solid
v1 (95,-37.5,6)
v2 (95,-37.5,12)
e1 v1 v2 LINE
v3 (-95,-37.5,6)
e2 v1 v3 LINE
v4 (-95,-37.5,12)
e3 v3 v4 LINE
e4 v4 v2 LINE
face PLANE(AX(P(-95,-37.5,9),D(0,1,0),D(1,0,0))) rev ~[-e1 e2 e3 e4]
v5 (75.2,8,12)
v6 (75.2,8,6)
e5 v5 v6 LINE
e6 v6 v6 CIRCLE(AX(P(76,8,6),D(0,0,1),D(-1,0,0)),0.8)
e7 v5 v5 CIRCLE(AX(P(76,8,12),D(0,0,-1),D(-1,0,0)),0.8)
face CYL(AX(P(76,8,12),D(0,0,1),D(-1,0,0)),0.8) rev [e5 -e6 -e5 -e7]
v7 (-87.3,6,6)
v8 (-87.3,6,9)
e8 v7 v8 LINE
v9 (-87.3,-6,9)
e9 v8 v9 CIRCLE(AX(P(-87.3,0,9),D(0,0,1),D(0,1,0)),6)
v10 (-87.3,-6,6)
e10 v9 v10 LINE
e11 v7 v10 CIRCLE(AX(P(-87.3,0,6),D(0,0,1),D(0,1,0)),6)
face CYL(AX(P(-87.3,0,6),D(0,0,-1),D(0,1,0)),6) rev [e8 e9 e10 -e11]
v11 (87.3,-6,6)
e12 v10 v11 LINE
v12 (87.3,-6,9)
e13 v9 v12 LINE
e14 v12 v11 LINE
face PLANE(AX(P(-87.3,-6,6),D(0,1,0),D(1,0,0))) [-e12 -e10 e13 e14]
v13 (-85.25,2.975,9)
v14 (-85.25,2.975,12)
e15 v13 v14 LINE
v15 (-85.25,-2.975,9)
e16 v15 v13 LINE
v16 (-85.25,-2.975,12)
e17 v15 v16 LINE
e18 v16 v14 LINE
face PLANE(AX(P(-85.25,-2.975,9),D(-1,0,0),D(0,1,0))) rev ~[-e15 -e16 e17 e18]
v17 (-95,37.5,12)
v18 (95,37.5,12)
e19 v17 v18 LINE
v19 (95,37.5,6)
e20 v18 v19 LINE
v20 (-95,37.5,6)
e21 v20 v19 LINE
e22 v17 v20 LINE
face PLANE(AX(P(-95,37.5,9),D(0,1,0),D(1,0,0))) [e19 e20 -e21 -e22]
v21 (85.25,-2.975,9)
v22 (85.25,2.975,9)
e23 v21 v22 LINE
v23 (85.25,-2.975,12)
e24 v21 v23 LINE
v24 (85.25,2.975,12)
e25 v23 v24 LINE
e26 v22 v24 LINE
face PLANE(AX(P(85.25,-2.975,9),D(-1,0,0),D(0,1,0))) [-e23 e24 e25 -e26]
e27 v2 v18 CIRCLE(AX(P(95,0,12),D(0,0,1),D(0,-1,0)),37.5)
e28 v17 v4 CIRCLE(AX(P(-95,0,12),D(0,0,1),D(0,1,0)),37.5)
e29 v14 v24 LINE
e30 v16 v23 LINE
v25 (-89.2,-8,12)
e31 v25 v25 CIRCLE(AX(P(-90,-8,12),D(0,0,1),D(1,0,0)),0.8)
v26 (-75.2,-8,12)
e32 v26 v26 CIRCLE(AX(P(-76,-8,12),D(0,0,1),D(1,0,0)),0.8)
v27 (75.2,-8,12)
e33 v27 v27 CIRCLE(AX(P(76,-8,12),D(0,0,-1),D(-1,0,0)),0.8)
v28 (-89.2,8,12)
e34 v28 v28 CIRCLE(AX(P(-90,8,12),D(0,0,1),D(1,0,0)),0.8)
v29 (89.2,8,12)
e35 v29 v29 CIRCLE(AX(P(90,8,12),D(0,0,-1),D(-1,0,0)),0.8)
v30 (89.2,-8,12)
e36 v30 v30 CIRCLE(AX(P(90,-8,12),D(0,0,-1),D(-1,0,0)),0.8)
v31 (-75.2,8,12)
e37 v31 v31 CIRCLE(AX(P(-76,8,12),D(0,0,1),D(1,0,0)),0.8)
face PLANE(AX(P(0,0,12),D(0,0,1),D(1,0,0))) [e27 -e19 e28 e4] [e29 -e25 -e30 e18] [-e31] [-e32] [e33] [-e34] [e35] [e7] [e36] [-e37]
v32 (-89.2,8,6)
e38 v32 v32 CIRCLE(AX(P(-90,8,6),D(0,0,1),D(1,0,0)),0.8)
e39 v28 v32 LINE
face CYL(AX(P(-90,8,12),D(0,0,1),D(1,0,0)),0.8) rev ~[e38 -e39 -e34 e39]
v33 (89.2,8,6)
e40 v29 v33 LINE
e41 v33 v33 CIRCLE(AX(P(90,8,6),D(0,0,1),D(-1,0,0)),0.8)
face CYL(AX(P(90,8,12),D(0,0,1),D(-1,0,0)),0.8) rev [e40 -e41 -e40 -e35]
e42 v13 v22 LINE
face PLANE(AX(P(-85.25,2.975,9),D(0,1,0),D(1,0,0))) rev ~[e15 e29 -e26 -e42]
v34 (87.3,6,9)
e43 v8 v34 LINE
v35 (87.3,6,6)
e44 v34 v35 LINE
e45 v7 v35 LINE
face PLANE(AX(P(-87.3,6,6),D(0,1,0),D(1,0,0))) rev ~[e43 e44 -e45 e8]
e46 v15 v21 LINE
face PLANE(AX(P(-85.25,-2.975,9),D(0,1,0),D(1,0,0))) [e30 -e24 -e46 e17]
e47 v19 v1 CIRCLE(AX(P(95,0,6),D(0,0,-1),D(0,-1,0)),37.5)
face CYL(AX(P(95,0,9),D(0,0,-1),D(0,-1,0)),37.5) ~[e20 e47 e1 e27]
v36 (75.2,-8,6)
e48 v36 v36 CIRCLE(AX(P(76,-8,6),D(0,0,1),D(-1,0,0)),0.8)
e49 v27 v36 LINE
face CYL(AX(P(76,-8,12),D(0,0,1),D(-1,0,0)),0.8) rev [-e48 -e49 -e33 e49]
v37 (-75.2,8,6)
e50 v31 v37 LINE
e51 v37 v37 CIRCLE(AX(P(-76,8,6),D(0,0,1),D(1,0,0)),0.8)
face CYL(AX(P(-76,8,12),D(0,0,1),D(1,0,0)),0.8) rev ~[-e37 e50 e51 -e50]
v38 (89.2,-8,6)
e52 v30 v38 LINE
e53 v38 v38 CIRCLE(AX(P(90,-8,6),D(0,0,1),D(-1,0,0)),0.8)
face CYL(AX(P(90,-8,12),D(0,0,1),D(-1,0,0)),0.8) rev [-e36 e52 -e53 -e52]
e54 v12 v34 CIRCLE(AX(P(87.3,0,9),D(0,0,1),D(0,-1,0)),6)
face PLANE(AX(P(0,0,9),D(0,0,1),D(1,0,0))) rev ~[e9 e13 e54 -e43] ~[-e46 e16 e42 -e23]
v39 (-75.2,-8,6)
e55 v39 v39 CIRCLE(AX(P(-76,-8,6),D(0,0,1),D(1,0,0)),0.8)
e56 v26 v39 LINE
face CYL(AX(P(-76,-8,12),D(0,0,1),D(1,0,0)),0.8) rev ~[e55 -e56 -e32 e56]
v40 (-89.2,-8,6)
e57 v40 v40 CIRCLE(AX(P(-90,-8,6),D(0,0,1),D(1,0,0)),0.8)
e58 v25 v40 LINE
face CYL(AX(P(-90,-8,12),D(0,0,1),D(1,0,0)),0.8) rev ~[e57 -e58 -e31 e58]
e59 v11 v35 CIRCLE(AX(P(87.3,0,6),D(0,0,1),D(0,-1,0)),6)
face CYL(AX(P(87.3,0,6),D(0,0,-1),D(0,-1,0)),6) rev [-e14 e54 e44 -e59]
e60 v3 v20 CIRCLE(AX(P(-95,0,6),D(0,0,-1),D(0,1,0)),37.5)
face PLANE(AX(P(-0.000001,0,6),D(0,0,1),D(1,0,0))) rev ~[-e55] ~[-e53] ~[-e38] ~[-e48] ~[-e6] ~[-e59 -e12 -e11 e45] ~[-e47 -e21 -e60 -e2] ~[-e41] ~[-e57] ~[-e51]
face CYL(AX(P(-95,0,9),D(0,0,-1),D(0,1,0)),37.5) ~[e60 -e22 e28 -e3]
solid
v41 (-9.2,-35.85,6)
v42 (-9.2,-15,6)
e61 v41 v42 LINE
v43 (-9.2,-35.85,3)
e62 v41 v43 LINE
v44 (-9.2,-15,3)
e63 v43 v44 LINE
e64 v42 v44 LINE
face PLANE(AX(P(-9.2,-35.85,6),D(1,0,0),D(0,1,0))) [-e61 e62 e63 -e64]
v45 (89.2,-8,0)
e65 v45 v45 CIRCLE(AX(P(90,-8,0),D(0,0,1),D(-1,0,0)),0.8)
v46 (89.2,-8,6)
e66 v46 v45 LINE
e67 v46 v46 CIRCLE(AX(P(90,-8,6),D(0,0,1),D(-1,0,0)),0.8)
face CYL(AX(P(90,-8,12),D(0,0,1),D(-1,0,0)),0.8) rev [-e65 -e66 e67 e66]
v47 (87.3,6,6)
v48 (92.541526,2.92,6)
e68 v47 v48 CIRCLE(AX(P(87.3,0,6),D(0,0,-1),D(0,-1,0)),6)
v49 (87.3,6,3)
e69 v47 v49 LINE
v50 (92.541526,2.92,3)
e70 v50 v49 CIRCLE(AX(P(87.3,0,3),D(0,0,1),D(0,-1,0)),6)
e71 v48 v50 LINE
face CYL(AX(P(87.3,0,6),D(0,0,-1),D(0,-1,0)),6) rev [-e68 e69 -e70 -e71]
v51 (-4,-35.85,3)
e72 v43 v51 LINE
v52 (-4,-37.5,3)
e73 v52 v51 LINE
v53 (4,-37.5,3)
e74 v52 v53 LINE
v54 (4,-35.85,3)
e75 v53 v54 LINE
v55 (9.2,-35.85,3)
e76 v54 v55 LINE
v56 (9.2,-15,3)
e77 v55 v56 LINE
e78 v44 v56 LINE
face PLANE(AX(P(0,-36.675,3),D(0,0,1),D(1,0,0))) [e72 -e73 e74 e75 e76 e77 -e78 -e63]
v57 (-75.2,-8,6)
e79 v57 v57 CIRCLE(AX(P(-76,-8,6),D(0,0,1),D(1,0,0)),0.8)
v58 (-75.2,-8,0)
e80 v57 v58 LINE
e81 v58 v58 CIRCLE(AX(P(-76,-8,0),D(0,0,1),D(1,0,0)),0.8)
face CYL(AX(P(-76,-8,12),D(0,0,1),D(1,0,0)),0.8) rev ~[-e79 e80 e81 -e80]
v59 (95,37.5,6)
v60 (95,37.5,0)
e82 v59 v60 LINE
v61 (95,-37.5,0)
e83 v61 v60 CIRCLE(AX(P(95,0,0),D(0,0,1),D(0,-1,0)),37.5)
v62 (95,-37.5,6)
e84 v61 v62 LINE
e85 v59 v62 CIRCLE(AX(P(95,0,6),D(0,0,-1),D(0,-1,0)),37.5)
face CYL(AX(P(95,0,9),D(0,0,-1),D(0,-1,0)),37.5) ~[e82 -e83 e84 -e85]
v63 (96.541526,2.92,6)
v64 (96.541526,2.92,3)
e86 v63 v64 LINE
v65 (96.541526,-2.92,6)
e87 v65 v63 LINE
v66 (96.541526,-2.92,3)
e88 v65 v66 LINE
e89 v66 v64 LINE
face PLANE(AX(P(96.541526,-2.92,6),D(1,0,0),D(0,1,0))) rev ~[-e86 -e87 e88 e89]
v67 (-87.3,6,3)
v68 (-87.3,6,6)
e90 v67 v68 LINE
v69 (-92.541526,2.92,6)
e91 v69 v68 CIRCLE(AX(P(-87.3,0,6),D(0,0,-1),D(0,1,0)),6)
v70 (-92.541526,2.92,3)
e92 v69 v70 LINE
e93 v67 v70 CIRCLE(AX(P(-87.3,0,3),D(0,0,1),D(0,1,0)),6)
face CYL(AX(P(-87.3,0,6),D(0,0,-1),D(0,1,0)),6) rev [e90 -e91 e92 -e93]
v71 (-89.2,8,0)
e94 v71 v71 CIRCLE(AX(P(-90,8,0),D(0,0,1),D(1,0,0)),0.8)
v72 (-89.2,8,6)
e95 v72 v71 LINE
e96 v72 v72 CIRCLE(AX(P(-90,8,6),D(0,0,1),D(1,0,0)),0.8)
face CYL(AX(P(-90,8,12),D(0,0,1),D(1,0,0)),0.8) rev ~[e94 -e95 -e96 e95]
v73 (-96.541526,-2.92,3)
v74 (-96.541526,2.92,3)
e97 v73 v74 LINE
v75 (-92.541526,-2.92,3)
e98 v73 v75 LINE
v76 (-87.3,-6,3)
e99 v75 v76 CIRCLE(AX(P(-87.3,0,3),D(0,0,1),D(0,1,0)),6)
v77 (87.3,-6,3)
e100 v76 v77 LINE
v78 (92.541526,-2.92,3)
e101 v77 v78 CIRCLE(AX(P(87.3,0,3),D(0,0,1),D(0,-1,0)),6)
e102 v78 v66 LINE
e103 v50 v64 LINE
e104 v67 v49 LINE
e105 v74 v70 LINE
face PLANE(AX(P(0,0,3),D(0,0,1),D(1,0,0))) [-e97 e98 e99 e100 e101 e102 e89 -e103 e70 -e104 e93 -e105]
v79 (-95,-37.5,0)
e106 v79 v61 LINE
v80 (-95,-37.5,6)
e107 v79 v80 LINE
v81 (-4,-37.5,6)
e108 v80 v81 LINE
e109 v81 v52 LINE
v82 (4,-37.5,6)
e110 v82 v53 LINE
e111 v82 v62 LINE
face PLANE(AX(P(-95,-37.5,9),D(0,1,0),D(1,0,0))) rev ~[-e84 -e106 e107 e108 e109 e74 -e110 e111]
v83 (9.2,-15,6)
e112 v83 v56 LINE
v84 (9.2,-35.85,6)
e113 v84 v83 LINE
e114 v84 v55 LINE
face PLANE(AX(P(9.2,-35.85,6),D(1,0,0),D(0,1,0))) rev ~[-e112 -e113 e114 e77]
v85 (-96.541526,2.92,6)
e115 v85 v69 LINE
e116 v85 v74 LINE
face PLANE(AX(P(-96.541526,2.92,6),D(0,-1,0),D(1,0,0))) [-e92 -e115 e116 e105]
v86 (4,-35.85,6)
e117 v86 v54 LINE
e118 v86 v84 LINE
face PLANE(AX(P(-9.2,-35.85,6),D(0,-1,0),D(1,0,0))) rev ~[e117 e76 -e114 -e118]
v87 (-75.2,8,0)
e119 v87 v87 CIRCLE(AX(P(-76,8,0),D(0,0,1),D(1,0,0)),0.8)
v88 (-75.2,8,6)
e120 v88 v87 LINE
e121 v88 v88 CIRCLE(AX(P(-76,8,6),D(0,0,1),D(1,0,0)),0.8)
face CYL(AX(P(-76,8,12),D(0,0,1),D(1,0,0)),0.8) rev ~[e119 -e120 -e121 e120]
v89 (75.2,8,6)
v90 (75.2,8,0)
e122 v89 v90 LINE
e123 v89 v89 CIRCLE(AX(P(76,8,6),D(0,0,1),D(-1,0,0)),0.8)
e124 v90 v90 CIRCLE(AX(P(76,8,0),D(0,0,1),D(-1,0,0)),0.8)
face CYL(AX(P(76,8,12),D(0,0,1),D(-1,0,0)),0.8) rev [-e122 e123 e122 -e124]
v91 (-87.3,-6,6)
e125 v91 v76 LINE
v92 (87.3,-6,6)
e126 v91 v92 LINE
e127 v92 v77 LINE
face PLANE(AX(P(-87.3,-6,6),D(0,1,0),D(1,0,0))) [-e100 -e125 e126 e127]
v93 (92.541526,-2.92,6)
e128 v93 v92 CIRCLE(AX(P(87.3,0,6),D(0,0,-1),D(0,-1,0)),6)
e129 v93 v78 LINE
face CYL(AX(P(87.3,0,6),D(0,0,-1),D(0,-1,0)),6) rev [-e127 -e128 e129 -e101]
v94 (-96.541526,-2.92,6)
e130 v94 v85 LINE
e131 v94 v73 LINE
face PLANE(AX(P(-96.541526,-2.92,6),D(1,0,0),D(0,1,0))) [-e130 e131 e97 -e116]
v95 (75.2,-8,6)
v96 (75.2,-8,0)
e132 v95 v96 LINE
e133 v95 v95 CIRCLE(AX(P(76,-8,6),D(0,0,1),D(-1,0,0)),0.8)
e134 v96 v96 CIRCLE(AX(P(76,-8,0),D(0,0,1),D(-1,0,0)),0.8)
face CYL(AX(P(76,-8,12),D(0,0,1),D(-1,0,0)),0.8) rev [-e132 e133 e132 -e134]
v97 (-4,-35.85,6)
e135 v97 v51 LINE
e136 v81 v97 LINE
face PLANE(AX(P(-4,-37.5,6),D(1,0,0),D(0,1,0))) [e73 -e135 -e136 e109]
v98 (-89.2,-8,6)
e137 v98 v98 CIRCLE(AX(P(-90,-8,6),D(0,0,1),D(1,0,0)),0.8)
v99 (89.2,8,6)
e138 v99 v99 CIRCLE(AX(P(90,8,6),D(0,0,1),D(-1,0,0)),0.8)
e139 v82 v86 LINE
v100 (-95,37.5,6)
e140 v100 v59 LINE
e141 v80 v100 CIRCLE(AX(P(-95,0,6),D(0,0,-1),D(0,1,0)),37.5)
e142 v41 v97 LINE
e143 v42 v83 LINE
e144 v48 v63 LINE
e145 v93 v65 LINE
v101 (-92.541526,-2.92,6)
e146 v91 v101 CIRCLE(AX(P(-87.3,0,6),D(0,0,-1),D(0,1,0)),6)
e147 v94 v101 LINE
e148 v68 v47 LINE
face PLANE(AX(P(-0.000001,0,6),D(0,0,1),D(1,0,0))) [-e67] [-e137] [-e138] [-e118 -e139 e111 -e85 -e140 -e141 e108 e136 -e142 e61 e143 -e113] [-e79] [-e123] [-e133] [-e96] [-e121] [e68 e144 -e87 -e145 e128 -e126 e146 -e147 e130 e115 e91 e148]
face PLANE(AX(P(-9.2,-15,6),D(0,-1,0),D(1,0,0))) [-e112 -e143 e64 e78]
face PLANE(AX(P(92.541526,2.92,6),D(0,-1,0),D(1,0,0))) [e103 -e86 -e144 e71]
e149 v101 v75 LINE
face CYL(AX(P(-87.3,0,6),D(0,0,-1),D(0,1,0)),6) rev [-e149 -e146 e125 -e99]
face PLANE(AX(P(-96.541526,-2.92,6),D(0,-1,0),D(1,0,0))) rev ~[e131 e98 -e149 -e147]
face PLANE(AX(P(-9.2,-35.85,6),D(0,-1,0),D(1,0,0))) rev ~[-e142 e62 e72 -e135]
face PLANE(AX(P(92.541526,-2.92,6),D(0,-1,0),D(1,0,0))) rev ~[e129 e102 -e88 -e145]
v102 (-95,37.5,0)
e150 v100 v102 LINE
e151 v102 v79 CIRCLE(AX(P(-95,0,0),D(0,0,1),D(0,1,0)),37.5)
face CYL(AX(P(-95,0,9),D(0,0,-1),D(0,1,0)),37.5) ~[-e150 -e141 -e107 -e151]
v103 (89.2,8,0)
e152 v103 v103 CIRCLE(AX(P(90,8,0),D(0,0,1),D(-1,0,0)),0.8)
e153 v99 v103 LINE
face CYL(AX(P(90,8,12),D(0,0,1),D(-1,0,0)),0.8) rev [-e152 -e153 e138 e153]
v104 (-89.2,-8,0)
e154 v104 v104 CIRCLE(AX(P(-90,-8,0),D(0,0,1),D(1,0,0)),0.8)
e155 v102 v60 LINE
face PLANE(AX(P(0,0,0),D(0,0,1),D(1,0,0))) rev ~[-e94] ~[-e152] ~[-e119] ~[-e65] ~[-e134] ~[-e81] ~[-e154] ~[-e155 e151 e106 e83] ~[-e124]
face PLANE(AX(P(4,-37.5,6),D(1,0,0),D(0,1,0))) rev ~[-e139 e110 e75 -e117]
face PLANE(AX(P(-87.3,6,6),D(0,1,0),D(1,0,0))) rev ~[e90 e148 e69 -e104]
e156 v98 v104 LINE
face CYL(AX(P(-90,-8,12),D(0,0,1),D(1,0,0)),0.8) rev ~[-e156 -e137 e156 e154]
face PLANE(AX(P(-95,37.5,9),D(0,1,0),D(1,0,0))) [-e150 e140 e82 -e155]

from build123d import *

# Parameters (mm, degrees)
BOX_BOTTOM_HALF_0_W     = 266.988319
BOX_BOTTOM_HALF_0_H     = 77
BOX_BOTTOM_HALF_0_DEPTH = 7
PAD_DEPTH               = 6
POCKET_DEPTH            = 3
SKETCH002_W             = 18.4
SKETCH002_H             = 20.85
POCKET001_DEPTH         = 3
SKETCH003_W             = 8
SKETCH003_H             = 1.65
POCKET002_DEPTH         = 3
PAD001_DEPTH            = 3
SKETCH005_W             = 170.5
SKETCH005_H             = 5.95
PAD002_DEPTH            = 3
SKETCH007_R             = 0.8
POCKET003_DEPTH         = 563.341185
SKETCH008_W             = 4
SKETCH008_H             = 5.84
POCKET004_DEPTH         = 3


with BuildPart() as box_bottom_half_0_body:
    # box_bottom_half_0 → box_bottom_half_0 (new body)
    with BuildSketch(Plane(origin=(-133.49416, -38.5, -1), x_dir=(1, 0, 0), z_dir=(0, 0, 1))):
        with Locations((133.494159, 38.5)):
            Rectangle(BOX_BOTTOM_HALF_0_W, BOX_BOTTOM_HALF_0_H)
    extrude(amount=BOX_BOTTOM_HALF_0_DEPTH)


with BuildPart() as body:
    # Sketch → Pad (new body)
    with BuildSketch(Plane.XY):
        with BuildLine():
            ThreePointArc((-95, 37.5), (-132.5, 0), (-95, -37.5))
            Line((-95, -37.5), (95, -37.5))
            ThreePointArc((95, -37.5), (132.5, 0), (95, 37.5))
            Line((-95, 37.5), (95, 37.5))
        make_face()
    extrude(amount=PAD_DEPTH)

    # Sketch001 (on Face6 of Pad) → Pocket (cut)
    with BuildSketch(Plane.XY.offset(6)):
        with BuildLine():
            ThreePointArc((-87.3, 6), (-93.3, 0), (-87.3, -6))
            Line((-87.3, -6), (87.3, -6))
            ThreePointArc((87.3, -6), (93.3, 0), (87.3, 6))
            Line((-87.3, 6), (87.3, 6))
        make_face()
    extrude(amount=-POCKET_DEPTH, mode=Mode.SUBTRACT)

    # Sketch002 (on Face5 of Pocket) → Pocket001 (cut)
    with BuildSketch(Plane.XY.offset(6)):
        with Locations((0, -25.425)):
            Rectangle(SKETCH002_W, SKETCH002_H)
    extrude(amount=-POCKET001_DEPTH, mode=Mode.SUBTRACT)

    # Sketch003 (on Face5 of Pocket001) → Pocket002 (cut)
    with BuildSketch(Plane.XY.offset(6)):
        with Locations((0, -36.675)):
            Rectangle(SKETCH003_W, SKETCH003_H)
    extrude(amount=-POCKET002_DEPTH, mode=Mode.SUBTRACT)

    # Sketch004 (on Face5 of Pocket002) → Pad001 (join)
    with BuildSketch(Plane.XY.offset(6)):
        with BuildLine():
            ThreePointArc((-95, 37.5), (-132.5, 0), (-95, -37.5))
            Line((-95, -37.5), (95, -37.5))
            ThreePointArc((95, -37.5), (132.5, 0), (95, 37.5))
            Line((-95, 37.5), (95, 37.5))
        make_face()
        with BuildLine():
            ThreePointArc((-87.3, 6), (-93.3, 0), (-87.3, -6))
            Line((-87.3, -6), (87.3, -6))
            ThreePointArc((87.3, -6), (93.3, 0), (87.3, 6))
            Line((-87.3, 6), (87.3, 6))
        make_face(mode=Mode.SUBTRACT)
    extrude(amount=PAD001_DEPTH)

    # Sketch005 (on Face12 of Pad001) → Pad002 (join)
    with BuildSketch(Plane.XY.offset(9)):
        with BuildLine():
            ThreePointArc((-95, 37.5), (-132.5, 0), (-95, -37.5))
            Line((-95, -37.5), (95, -37.5))
            ThreePointArc((95, -37.5), (132.5, 0), (95, 37.5))
            Line((-95, 37.5), (95, 37.5))
        make_face()
        Rectangle(SKETCH005_W, SKETCH005_H, mode=Mode.SUBTRACT)
    extrude(amount=PAD002_DEPTH)

    # Sketch007 (on Face20 of Pad002) → Pocket003 (cut, through all)
    with BuildSketch(Plane.XY.offset(12)):
        with Locations((-90, -8)):
            Circle(SKETCH007_R)
        with Locations((-90, 8)):
            Circle(SKETCH007_R)
        with Locations((-76, 8)):
            Circle(SKETCH007_R)
        with Locations((-76, -8)):
            Circle(SKETCH007_R)
    pocket003 = extrude(amount=-POCKET003_DEPTH, mode=Mode.SUBTRACT)

    # Mirrored: Pocket003 across Sketch007 V_Axis
    add(pocket003.mirror(Plane(origin=(0, 0, 12), x_dir=(0, 0, 1), z_dir=(1, 0, 0))), mode=Mode.SUBTRACT)

    # Sketch008 (on Face5 of Pocket) → Pocket004 (cut)
    with BuildSketch(Plane.XY.offset(6)):
        with Locations((-94.541526, 0)):
            Rectangle(SKETCH008_W, SKETCH008_H)
        with Locations((94.541526, 0)):
            Rectangle(SKETCH008_W, SKETCH008_H)
    extrude(amount=-POCKET004_DEPTH, mode=Mode.SUBTRACT)


with BuildPart() as bottom_half_0_body:
    # bottom_half_0 base: copy of Body
    add(body.part)

    # bottom_half_0: intersect box_bottom_half_0 body
    add(box_bottom_half_0_body.part, mode=Mode.INTERSECT)


with BuildPart() as top_half_0_body:
    # top_half_0 base: copy of Body
    add(body.part)

    # top_half_0: cut box_bottom_half_0 body
    add(box_bottom_half_0_body.part, mode=Mode.SUBTRACT)


solid = Compound([bottom_half_0_body.part, top_half_0_body.part])
